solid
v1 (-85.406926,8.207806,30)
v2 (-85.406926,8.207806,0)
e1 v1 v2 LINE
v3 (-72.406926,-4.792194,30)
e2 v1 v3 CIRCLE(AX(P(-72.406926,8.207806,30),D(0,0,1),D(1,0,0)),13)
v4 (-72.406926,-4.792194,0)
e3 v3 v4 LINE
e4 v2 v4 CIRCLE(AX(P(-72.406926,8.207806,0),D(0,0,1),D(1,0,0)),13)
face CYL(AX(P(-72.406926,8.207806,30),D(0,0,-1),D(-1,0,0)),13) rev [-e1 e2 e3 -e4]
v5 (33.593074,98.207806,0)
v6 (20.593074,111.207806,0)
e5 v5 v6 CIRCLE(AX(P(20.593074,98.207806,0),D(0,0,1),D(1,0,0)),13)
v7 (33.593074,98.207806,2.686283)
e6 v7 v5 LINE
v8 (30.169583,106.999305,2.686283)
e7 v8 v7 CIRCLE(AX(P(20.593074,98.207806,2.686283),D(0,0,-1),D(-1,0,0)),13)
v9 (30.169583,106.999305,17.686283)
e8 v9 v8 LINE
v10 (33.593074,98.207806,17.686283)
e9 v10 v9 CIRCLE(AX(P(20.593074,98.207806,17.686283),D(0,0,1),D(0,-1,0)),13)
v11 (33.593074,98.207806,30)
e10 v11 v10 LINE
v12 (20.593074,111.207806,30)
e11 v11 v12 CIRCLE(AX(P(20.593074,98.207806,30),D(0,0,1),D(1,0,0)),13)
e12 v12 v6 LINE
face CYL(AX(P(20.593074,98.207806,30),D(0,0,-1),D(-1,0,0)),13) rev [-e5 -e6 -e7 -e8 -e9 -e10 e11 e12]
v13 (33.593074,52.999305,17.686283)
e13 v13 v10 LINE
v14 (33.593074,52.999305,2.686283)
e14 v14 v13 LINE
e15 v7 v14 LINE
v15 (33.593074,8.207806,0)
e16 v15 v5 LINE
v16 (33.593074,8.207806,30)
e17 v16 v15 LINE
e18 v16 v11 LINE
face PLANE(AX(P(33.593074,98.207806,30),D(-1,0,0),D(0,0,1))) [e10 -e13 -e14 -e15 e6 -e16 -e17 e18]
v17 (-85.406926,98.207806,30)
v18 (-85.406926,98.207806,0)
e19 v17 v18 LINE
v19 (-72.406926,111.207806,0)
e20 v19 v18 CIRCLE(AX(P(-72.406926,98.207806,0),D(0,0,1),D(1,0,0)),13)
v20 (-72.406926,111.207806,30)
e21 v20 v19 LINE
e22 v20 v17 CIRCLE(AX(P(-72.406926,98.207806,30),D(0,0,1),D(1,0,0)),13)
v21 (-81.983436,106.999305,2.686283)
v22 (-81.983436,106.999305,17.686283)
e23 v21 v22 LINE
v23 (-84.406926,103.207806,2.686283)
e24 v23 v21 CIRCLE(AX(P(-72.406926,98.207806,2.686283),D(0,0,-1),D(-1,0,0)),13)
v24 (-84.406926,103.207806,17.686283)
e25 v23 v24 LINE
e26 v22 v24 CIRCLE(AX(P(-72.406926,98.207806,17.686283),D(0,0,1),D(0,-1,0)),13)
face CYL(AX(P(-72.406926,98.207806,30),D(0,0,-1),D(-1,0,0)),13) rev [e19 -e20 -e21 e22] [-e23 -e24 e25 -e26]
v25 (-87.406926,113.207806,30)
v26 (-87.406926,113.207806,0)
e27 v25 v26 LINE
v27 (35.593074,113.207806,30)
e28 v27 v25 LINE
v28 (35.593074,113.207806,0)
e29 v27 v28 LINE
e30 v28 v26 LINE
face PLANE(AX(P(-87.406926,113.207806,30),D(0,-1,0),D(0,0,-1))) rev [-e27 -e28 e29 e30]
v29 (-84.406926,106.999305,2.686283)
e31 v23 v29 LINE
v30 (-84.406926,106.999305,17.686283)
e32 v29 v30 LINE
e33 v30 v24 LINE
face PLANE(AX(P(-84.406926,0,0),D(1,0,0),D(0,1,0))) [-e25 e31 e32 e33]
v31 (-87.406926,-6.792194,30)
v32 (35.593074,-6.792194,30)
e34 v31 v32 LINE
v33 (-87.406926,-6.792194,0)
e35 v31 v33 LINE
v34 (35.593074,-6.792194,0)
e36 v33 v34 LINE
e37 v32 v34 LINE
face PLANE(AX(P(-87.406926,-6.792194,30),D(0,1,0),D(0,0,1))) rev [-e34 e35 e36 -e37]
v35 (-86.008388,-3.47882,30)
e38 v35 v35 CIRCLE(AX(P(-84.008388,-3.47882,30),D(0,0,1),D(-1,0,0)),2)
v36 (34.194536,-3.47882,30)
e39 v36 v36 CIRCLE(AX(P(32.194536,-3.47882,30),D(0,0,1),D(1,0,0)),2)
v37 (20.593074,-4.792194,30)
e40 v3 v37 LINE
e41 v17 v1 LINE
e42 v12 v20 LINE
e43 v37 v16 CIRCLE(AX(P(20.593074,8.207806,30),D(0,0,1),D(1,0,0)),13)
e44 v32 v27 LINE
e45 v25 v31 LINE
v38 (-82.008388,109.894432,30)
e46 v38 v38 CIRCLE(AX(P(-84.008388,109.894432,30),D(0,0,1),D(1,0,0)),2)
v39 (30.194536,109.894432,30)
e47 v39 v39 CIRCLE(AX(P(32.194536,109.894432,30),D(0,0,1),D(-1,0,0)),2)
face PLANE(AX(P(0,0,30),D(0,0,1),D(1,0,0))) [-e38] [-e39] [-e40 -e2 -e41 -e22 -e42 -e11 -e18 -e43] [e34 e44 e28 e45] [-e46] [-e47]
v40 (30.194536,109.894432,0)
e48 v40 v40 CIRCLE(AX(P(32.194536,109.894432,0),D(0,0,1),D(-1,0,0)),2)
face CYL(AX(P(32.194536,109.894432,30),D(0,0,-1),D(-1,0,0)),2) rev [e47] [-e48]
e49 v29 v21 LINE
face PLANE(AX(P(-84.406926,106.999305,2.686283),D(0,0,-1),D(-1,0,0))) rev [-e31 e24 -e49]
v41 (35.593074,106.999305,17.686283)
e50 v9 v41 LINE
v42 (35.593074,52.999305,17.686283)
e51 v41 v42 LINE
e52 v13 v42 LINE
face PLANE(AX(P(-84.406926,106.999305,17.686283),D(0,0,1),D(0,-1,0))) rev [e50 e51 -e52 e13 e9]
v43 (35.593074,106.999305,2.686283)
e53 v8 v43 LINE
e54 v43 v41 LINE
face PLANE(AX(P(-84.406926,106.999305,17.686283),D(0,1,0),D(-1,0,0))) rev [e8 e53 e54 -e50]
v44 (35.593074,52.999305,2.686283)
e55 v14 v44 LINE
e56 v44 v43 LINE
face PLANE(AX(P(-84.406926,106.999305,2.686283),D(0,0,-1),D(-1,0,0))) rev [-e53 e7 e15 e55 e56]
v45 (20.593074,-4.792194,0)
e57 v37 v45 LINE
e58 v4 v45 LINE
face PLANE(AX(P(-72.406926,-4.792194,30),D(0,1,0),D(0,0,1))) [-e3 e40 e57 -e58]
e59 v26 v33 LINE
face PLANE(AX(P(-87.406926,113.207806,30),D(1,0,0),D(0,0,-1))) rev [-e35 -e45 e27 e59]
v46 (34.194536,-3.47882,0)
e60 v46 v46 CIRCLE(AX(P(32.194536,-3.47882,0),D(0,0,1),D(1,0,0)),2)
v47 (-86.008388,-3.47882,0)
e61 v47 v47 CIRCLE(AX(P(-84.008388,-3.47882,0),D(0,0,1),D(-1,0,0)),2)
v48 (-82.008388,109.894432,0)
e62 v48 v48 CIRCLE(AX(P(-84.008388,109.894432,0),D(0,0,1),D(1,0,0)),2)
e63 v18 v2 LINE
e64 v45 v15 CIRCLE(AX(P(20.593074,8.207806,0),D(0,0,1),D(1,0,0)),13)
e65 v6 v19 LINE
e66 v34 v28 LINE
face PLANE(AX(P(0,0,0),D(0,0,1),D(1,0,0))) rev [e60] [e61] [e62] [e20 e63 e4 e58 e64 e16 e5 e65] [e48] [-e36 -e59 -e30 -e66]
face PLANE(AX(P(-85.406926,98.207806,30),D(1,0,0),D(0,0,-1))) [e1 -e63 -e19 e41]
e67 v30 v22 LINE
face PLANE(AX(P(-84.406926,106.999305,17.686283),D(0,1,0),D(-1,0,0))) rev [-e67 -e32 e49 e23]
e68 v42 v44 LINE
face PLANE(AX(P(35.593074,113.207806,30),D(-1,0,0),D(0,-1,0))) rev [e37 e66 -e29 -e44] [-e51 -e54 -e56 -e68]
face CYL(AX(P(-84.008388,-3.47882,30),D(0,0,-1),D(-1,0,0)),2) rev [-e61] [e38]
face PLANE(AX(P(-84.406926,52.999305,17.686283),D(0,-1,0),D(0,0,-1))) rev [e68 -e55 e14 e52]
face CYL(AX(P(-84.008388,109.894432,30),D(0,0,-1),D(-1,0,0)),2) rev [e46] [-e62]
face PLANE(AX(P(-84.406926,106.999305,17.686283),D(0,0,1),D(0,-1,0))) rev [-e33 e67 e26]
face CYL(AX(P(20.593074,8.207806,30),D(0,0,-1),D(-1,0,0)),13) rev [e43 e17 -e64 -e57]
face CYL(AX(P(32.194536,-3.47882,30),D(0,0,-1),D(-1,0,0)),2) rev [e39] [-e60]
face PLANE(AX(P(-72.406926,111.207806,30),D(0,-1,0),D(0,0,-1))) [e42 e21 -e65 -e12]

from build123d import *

# Parameters (mm, degrees)
SKETCH_1_W          = 123
SKETCH_1_H          = 120
SKETCH_1_R          = 2
EXTRUDE_1_DEPTH     = 30
SKETCH_2_W          = 15
SKETCH_2_H          = 54
CUT_EXTRUDE_1_DEPTH = 120


with BuildPart() as part:
    # 草图1 → 凸台-拉伸1 (new body)
    with BuildSketch(Plane.XY):
        with Locations((-25.906926203, 53.207805922)):
            Rectangle(SKETCH_1_W, SKETCH_1_H)
        with Locations((-84.008388051, 109.894431899)):
            Circle(SKETCH_1_R, mode=Mode.SUBTRACT)
        with Locations(Location((32.194535644, 109.894431899, 0), (0, 0, 180))):
            Circle(SKETCH_1_R, mode=Mode.SUBTRACT)
        with Locations((32.194535644, -3.478820055)):
            Circle(SKETCH_1_R, mode=Mode.SUBTRACT)
        with Locations(Location((-84.008388051, -3.478820055, 0), (0, 0, 180))):
            Circle(SKETCH_1_R, mode=Mode.SUBTRACT)
        with BuildLine():
            Line((-72.406926203, 111.207805922), (20.593073797, 111.207805922))
            ThreePointArc((20.593073797, 111.207805922), (29.785461952, 107.400194077), (33.593073797, 98.207805922))
            Line((33.593073797, 98.207805922), (33.593073797, 8.207805922))
            ThreePointArc((33.593073797, 8.207805922), (29.785461952, -0.984582233), (20.593073797, -4.792194078))
            Line((20.593073797, -4.792194078), (-72.406926203, -4.792194078))
            ThreePointArc((-72.406926203, -4.792194078), (-81.599314359, -0.984582233), (-85.406926203, 8.207805922))
            Line((-85.406926203, 8.207805922), (-85.406926203, 98.207805922))
            ThreePointArc((-85.406926203, 98.207805922), (-81.599314359, 107.400194077), (-72.406926203, 111.207805922))
        make_face(mode=Mode.SUBTRACT)
    extrude(amount=EXTRUDE_1_DEPTH)

    # 草图2 → 切除-拉伸1 (cut)
    with BuildSketch(Plane(origin=(35.593073797, 0, 0), x_dir=(0, 0, -1), z_dir=(1, 0, 0))):
        with Locations((-10.186283232, 79.999305489)):
            Rectangle(SKETCH_2_W, SKETCH_2_H)
    extrude(amount=-CUT_EXTRUDE_1_DEPTH, mode=Mode.SUBTRACT)


solid = part.part
